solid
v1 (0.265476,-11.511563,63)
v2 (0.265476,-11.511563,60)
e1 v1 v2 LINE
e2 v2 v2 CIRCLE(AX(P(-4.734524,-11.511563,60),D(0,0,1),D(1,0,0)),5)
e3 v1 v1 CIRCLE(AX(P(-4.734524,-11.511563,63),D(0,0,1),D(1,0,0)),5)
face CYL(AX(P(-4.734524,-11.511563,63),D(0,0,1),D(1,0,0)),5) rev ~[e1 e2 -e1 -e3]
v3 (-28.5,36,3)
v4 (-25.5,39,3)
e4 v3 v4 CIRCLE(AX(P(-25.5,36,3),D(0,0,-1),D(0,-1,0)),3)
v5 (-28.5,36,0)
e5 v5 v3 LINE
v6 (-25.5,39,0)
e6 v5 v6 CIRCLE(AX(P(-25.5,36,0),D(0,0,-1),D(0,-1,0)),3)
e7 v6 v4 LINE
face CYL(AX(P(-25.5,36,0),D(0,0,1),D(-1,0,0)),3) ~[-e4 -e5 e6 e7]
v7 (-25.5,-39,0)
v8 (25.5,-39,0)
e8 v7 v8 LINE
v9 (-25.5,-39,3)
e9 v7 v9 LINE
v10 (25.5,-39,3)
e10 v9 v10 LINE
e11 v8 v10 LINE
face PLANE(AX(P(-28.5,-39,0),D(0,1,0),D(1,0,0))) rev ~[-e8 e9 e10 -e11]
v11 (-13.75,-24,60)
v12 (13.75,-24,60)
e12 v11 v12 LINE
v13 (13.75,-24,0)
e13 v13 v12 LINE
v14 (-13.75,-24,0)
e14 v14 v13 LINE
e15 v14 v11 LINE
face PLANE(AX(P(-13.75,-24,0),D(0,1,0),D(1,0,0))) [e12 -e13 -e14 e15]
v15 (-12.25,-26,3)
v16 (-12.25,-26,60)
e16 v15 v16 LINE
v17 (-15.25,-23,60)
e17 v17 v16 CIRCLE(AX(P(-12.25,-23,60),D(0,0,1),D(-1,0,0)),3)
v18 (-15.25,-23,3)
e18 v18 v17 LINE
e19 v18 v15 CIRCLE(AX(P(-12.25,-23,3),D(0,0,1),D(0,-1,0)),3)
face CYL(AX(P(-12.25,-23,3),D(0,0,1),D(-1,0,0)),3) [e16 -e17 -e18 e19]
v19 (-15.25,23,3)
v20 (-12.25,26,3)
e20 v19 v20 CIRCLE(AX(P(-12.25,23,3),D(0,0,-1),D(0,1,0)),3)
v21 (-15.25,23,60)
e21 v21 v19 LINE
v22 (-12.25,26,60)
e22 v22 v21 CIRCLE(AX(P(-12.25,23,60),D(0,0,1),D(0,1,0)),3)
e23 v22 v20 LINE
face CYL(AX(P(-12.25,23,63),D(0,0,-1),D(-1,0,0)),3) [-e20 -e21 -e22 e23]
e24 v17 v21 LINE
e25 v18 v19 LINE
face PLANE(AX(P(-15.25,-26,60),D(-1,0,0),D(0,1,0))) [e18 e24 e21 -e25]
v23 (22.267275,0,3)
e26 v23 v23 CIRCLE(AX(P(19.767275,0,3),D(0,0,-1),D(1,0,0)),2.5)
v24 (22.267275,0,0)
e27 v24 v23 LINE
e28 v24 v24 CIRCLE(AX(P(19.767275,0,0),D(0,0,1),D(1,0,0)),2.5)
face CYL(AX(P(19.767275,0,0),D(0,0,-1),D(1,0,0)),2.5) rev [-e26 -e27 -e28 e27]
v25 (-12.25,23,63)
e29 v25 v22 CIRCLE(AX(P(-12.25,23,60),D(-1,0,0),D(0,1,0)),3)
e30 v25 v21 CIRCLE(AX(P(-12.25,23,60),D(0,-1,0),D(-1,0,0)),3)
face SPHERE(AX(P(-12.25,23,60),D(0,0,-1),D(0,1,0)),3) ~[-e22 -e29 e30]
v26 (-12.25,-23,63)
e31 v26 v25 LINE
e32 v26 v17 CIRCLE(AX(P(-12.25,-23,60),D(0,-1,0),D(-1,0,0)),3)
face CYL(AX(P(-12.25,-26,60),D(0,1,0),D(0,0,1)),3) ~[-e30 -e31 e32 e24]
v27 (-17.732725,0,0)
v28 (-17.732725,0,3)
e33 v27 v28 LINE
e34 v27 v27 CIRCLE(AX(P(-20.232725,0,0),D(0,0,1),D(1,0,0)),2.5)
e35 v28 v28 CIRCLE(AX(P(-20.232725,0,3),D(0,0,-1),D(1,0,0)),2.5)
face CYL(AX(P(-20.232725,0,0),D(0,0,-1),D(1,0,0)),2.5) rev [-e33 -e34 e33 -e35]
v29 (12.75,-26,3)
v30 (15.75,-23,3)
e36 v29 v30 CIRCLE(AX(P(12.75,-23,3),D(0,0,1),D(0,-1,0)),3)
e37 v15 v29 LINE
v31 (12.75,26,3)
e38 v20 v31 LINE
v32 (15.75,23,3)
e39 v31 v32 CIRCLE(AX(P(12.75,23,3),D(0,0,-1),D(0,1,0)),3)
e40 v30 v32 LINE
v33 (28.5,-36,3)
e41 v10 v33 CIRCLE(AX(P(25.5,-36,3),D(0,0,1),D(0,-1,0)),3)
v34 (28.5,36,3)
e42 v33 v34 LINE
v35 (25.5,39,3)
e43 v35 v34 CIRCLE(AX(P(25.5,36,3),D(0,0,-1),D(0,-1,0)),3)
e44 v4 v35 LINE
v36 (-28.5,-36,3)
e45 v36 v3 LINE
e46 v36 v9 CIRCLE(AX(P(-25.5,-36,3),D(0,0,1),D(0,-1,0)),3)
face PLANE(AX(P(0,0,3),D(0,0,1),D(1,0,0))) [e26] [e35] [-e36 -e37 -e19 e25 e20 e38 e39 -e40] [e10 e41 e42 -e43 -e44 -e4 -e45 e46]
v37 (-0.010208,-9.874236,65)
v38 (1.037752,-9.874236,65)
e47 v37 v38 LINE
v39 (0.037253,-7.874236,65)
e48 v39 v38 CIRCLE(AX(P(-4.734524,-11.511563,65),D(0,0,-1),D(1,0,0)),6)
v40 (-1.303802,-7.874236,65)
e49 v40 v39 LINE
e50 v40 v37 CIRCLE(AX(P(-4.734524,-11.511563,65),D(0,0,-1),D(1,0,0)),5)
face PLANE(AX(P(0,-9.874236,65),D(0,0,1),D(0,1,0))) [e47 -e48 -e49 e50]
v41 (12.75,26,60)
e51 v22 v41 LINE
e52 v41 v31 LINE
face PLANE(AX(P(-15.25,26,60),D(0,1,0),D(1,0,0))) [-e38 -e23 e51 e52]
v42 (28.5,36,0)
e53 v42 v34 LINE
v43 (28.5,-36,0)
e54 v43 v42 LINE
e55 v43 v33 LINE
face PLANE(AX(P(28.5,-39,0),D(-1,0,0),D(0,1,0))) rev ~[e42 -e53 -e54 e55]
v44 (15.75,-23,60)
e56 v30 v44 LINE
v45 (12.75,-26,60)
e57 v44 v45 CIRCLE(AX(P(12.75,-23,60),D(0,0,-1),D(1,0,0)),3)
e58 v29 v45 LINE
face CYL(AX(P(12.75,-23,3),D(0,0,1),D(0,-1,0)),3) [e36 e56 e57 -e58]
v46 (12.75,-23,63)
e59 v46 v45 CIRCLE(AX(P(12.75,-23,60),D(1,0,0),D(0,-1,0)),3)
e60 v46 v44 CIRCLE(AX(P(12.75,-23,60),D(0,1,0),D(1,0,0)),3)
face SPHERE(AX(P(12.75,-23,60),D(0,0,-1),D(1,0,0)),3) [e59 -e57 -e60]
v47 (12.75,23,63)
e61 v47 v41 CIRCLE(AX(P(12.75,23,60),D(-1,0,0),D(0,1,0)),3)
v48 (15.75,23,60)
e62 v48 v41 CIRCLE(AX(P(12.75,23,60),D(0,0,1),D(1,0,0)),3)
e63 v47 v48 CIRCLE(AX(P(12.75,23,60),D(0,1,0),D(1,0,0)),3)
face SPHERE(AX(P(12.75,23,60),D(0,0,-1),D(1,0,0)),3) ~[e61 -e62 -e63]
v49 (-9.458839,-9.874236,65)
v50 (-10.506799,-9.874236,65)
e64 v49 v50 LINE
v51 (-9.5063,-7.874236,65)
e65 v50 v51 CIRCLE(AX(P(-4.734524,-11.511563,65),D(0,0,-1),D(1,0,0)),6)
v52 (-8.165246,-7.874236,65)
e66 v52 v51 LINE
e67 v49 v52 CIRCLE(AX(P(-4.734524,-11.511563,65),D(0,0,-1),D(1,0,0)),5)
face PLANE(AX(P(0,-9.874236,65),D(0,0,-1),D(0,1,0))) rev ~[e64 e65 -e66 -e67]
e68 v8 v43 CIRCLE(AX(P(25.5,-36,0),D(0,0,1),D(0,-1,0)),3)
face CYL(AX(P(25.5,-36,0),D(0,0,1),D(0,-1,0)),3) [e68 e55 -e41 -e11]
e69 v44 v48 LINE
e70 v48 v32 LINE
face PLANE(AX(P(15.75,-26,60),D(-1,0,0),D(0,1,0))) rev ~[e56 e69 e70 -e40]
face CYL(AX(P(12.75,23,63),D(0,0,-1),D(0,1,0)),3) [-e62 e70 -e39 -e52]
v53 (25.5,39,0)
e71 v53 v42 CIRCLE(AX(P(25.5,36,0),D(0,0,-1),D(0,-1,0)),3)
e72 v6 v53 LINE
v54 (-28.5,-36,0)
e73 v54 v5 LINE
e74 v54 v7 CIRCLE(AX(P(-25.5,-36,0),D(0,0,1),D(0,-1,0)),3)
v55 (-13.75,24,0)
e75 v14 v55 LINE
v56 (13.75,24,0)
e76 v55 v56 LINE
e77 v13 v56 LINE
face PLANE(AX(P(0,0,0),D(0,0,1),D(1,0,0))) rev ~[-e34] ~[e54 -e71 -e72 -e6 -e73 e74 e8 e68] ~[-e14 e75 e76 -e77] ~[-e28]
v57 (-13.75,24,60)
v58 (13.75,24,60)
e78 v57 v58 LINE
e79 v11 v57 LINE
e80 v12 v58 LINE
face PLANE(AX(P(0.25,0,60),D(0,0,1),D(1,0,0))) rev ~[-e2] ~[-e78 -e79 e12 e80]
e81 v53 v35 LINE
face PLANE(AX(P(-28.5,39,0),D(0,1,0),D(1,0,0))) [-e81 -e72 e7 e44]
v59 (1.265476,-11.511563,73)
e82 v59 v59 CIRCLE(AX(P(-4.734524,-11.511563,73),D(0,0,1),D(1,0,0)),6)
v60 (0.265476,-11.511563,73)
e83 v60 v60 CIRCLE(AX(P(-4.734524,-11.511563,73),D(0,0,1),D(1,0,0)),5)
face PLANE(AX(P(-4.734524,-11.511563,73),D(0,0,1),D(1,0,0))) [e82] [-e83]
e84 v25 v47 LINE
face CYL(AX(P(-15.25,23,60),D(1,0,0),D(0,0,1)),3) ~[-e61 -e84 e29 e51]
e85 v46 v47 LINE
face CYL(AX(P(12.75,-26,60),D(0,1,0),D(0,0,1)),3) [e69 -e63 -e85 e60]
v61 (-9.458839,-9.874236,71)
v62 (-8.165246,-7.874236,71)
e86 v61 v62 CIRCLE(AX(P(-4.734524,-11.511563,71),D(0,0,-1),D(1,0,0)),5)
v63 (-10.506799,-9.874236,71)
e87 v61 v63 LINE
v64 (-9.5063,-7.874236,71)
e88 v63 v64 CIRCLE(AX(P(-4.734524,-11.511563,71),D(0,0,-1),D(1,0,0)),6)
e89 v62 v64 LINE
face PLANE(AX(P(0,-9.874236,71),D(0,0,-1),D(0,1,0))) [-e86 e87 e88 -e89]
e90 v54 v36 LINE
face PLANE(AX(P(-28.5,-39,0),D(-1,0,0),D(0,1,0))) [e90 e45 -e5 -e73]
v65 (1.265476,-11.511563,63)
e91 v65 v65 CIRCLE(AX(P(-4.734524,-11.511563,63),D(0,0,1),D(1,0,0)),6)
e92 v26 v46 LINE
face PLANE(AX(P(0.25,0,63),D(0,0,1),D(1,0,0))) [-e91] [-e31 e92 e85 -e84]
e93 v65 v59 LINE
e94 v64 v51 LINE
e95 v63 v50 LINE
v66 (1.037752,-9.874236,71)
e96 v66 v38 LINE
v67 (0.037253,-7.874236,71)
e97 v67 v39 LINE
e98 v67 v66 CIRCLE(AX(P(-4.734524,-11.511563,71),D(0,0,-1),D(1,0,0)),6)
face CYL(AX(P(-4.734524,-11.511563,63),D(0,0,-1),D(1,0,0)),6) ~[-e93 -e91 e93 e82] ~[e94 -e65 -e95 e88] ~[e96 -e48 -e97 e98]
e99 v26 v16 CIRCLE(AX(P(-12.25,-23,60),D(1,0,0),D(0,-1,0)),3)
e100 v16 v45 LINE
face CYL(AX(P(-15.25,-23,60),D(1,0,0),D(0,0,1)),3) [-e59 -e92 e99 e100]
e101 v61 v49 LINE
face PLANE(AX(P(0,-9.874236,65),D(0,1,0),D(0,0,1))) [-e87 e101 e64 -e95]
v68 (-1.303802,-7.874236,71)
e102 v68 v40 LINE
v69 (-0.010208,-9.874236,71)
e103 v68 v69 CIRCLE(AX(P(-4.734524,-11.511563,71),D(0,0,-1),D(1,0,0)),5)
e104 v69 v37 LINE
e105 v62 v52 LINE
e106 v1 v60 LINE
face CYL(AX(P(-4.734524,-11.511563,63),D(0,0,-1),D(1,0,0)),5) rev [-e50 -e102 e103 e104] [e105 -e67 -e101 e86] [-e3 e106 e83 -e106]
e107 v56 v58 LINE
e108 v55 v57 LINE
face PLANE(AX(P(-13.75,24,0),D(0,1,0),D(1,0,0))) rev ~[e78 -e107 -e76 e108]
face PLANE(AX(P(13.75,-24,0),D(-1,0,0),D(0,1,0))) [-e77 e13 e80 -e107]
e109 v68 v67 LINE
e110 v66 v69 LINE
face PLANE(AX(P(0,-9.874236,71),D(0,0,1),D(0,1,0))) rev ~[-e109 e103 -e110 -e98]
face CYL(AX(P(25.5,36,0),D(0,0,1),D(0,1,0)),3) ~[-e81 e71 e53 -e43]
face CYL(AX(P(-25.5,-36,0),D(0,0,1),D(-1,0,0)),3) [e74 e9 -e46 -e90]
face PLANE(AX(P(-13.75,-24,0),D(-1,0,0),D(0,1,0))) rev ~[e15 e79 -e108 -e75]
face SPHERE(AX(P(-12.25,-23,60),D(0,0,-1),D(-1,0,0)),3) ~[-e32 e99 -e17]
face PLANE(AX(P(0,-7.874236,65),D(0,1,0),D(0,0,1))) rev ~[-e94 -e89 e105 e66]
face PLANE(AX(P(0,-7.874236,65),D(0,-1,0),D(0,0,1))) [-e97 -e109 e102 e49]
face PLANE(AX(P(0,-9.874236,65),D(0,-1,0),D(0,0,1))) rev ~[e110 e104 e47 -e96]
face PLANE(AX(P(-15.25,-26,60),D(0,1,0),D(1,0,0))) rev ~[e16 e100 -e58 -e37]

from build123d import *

# Parameters (mm, degrees)
F0_W           = 31
F0_H           = 52
F0_W_2         = 27.5
F0_H_2         = 48
F1_DEPTH       = 60
F0_W_3         = 57
F0_H_3         = 78
F2_DEPTH       = 3
F3_W           = 31
F3_H           = 52
F3_W_2         = 27.5
F3_H_2         = 48
F4_DEPTH       = 3
F5_R           = 5
F6_DEPTH       = 4
F5_R_2         = 6
F7_DEPTH       = 10
F8_R           = 2.5
F9_DEPTH       = 5
F10_R          = 3
F11_W          = 2
F11_H          = 6
F12_DEPTH      = 15
F12_DEPTH_BACK = 15


with BuildPart() as f1:
    # F0 (on Top) → F1 (new body)
    with BuildSketch(Plane.XY):
        with Locations((0.25, 0)):
            Rectangle(F0_W, F0_H)
        Rectangle(F0_W_2, F0_H_2, mode=Mode.SUBTRACT)
    extrude(amount=F1_DEPTH)

    # F0 (on Top) → F2 (join)
    with BuildSketch(Plane.XY):
        Rectangle(F0_W_3, F0_H_3)
        with Locations((0.25, 0)):
            Rectangle(F0_W, F0_H, mode=Mode.SUBTRACT)
    extrude(amount=F2_DEPTH)

    # F3 (on face) → F4 (join)
    with BuildSketch(Plane.XY.offset(60)):
        with Locations((0.25, 0)):
            Rectangle(F3_W, F3_H)
        Rectangle(F3_W_2, F3_H_2, mode=Mode.SUBTRACT)
        Rectangle(F3_W_2, F3_H_2)
    extrude(amount=F4_DEPTH)

    # F5 (on face) → F6 (cut)
    with BuildSketch(Plane.XY.offset(63)):
        with Locations((-4.7345235944, -11.5115633234)):
            Circle(F5_R)
    extrude(amount=-F6_DEPTH, mode=Mode.SUBTRACT)

    # F5 (on face) → F7 (join)
    with BuildSketch(Plane.XY.offset(63)):
        with Locations((-4.7345235944, -11.5115633234)):
            Circle(F5_R_2)
        with Locations((-4.7345235944, -11.5115633234)):
            Circle(F5_R, mode=Mode.SUBTRACT)
    extrude(amount=F7_DEPTH)

    # F8 (on face) → F9 (cut)
    with BuildSketch(Plane.XY):
        with Locations((-20.2327246665, 0)):
            Circle(F8_R)
        with Locations((19.7672753335, 0)):
            Circle(F8_R)
    extrude(amount=F9_DEPTH, mode=Mode.SUBTRACT)

    # F10
    f10_edges = [f1.edges().sort_by_distance(p)[0] for p in [
        (28.5, 39, 1.5),
        (28.5, -39, 1.5),
        (-28.5, 39, 1.5),
        (-28.5, -39, 1.5),
        (-15.25, 26, 33),
        (15.75, 26, 33),
        (-15.25, -26, 33),
        (15.75, -26, 33),
        (15.75, 0, 63),
        (0.25, 26, 63),
        (-15.25, 0, 63),
        (0.25, -26, 63),
    ]]
    fillet(f10_edges, radius=F10_R)

    # F11 (on Right) → F12 (cut, two sides)
    with BuildSketch(Plane.YZ) as f12_sk:
        with Locations((-8.8742363974, 68)):
            Rectangle(F11_W, F11_H)
    extrude(amount=-F12_DEPTH, mode=Mode.SUBTRACT)
    extrude(f12_sk.sketch, amount=F12_DEPTH_BACK, mode=Mode.SUBTRACT)


solid = f1.part
